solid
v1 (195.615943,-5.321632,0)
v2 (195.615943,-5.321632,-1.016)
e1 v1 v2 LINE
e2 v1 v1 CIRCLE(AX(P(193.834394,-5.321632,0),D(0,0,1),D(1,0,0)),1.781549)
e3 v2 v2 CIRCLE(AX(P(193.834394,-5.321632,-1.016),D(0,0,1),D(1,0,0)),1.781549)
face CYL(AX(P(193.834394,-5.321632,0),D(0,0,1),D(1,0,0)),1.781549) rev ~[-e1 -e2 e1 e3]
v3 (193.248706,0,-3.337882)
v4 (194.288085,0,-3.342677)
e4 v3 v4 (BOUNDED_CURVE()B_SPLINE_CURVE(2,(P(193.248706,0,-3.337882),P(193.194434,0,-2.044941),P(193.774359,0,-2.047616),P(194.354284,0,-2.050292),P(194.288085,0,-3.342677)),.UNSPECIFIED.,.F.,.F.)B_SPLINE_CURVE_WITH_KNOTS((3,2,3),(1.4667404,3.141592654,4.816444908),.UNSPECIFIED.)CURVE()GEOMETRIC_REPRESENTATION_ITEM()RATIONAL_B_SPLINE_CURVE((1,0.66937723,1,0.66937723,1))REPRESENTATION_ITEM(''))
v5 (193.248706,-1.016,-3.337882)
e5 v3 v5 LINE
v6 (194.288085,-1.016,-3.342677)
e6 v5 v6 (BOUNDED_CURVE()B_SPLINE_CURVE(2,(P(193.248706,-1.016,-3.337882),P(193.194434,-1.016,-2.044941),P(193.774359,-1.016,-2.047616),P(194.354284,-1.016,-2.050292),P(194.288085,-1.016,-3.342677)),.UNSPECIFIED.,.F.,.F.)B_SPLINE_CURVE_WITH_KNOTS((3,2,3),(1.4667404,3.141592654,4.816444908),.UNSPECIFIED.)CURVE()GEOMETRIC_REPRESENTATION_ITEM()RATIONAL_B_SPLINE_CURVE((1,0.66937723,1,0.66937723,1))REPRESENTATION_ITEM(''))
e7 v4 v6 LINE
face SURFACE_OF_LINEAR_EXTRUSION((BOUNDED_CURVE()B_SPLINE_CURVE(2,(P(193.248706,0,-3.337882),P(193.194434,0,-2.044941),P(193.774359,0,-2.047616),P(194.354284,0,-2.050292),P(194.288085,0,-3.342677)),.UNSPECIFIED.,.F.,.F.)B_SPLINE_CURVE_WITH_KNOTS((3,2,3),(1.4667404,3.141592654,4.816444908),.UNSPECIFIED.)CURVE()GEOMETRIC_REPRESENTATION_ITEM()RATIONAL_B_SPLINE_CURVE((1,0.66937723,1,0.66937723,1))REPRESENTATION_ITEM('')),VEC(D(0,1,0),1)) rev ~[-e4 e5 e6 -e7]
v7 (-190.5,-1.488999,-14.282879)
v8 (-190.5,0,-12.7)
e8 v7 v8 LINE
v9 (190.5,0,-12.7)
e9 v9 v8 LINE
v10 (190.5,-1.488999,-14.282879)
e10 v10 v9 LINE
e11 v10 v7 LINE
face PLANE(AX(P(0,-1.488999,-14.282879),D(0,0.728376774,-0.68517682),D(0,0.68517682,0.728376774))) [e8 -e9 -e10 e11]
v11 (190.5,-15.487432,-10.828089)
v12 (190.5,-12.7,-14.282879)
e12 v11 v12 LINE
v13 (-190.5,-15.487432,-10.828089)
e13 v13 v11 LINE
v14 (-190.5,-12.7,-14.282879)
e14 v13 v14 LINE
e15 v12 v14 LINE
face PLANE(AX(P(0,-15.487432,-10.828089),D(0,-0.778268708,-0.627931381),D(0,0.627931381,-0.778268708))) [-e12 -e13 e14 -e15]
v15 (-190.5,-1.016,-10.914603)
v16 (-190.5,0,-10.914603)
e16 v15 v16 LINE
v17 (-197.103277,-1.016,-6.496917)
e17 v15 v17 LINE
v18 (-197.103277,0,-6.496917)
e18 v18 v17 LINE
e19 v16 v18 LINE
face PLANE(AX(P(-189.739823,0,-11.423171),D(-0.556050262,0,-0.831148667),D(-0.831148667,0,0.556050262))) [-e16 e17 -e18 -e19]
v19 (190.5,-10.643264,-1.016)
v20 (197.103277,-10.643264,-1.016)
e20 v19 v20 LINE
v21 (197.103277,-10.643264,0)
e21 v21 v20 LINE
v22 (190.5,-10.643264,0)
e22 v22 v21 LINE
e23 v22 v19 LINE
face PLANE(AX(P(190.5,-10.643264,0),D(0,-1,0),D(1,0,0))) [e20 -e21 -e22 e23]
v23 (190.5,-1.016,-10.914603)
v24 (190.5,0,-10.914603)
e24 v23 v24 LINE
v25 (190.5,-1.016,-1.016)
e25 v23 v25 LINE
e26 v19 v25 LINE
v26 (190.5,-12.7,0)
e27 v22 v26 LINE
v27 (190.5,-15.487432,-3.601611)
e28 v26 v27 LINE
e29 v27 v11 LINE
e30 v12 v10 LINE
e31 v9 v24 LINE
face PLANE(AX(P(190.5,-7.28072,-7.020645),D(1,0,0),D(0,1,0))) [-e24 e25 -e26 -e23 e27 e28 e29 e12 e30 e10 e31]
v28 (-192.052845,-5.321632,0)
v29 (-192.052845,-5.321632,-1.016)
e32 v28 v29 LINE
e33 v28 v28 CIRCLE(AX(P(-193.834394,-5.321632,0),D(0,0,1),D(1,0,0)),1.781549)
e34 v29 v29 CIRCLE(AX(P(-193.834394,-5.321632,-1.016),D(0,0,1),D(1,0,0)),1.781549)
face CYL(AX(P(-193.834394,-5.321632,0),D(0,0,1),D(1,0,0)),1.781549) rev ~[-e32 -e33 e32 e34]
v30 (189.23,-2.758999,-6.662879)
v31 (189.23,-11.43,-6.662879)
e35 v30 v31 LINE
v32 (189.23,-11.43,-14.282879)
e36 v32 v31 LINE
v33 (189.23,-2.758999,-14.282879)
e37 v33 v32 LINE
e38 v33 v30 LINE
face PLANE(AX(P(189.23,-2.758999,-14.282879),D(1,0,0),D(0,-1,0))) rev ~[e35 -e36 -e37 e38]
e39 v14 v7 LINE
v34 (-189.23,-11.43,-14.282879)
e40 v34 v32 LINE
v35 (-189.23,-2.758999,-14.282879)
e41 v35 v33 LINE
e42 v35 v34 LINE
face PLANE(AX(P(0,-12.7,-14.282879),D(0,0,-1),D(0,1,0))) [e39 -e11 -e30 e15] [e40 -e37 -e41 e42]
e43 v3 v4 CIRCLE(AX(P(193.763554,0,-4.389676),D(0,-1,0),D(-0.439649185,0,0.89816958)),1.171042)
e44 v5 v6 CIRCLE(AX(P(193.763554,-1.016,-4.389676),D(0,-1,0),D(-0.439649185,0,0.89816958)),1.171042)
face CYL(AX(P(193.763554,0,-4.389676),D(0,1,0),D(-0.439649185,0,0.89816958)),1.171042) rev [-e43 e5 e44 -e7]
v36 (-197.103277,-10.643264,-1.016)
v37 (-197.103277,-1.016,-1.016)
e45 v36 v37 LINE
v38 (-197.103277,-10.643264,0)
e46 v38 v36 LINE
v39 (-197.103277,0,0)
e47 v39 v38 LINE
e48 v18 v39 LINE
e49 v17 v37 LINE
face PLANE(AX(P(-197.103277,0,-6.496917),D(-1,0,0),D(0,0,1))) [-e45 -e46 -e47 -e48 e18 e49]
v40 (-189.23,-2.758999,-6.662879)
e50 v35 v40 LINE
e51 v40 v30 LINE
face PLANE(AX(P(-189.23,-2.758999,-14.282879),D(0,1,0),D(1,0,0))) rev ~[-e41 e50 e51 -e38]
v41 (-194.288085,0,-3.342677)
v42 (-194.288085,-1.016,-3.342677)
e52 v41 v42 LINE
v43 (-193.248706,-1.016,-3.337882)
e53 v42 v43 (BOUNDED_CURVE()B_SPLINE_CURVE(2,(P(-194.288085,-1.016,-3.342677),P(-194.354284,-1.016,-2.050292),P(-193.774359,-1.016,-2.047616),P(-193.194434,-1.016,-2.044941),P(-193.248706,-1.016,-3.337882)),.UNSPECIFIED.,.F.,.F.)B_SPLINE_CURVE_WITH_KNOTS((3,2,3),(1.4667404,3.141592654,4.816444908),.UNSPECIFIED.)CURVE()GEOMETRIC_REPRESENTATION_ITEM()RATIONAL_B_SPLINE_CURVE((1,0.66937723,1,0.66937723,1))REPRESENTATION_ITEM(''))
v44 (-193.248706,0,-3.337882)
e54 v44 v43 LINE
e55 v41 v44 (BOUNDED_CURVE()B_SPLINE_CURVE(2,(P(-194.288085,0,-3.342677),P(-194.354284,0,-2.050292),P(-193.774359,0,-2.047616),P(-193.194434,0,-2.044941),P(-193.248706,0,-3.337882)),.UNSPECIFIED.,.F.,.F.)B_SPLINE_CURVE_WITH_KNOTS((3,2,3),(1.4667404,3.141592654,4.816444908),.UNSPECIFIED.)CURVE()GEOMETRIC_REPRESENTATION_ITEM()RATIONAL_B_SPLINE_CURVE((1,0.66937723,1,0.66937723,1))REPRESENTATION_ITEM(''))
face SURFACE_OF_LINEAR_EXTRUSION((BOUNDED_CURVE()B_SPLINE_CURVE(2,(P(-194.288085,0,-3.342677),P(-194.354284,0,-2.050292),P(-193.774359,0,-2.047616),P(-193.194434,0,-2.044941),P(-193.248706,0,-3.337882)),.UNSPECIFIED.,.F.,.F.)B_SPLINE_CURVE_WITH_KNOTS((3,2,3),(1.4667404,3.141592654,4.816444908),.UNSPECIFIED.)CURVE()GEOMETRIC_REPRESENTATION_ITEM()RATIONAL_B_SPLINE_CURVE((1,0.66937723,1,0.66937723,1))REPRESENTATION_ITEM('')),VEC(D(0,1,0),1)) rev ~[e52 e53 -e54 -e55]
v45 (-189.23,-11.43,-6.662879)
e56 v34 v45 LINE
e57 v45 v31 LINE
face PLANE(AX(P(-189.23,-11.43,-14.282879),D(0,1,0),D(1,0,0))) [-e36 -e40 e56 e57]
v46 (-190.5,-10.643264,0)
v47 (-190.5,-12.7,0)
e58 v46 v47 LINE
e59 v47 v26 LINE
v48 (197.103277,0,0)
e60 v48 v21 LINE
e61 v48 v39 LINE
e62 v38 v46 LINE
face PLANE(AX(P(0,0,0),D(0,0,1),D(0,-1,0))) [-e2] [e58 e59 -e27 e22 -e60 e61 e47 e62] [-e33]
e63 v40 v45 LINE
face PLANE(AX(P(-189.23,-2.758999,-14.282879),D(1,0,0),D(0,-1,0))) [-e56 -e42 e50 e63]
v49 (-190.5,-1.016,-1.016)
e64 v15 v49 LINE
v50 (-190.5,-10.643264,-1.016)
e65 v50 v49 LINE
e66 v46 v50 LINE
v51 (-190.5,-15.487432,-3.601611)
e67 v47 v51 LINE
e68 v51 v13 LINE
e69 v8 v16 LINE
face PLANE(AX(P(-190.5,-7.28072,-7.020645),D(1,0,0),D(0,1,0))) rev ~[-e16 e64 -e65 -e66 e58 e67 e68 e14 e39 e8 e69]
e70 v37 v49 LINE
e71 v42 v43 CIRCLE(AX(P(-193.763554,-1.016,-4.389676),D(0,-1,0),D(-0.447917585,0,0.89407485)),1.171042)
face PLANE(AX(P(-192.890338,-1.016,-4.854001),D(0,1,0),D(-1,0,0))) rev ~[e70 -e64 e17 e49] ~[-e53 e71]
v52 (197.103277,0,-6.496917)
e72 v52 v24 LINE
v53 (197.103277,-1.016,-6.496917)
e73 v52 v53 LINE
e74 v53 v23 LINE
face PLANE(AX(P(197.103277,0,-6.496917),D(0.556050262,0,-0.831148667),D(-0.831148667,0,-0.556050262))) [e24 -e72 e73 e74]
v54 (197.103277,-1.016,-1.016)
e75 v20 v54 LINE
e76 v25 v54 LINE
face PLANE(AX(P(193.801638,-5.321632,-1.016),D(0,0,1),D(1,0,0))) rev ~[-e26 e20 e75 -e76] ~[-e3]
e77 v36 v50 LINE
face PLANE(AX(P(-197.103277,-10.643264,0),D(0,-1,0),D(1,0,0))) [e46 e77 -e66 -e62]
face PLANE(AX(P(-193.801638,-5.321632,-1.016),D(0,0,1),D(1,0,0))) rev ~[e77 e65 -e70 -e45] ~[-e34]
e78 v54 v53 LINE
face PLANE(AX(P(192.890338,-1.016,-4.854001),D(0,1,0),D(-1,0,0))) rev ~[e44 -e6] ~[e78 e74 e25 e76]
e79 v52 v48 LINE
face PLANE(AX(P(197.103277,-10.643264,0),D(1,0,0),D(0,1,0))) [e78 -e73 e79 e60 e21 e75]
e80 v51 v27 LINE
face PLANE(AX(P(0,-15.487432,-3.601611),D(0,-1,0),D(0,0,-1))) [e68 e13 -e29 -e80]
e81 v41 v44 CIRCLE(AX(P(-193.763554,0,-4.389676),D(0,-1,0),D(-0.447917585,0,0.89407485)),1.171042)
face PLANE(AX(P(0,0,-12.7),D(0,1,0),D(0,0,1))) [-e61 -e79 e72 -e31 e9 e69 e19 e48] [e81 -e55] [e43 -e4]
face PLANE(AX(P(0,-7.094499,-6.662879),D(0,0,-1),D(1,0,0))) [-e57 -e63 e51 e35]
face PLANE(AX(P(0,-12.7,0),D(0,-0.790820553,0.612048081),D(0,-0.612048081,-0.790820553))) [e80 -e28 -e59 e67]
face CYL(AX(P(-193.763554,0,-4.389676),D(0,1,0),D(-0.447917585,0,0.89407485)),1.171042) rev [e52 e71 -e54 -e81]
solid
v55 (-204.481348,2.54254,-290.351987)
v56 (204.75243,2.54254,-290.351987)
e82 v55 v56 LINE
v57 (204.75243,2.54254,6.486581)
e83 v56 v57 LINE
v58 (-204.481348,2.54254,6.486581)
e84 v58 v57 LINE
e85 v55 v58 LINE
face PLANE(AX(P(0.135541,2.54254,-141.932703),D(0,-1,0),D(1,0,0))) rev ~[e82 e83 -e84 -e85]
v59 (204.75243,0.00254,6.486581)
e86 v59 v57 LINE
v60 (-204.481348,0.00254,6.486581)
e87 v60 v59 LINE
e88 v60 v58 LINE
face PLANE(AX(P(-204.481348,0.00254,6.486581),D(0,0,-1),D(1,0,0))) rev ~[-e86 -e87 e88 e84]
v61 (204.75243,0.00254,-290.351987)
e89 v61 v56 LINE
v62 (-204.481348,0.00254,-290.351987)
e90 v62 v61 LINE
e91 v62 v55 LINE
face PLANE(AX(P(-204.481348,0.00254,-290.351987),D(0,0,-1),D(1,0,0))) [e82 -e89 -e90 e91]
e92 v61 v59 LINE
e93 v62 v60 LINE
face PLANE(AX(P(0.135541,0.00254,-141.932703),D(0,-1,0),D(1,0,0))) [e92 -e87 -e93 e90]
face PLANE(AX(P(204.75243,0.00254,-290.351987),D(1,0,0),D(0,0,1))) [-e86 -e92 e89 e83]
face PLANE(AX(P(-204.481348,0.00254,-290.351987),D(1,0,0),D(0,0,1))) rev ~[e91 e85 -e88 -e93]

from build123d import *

# Parameters (mm, degrees)
F1_DEPTH  = 190.5
F2_W      = 378.46
F2_H      = 8.671001002
F3_DEPTH  = 7.62
F6_DEPTH  = 1.016
F8_W      = 6.6032768488
F8_H      = 10.6432642788
F8_R      = 1.781548847
F9_DEPTH  = 1.016
F11_W     = 409.2337787151
F11_H     = 296.8385680579
F12_DEPTH = 2.54


with BuildPart() as f1:
    # F0 (on Right) → F1 (new body, symmetric)
    with BuildSketch(Plane.YZ):
        Polygon((0, -12.7), (0, 0), (-12.7, 0), (-15.4874324799, -3.6016106606), (-15.4874324799, -10.8280887524), (-12.7, -14.2828794196), (-1.488998998, -14.2828794196), align=None)
    extrude(amount=F1_DEPTH, both=True)

    # F2 (on face) → F3 (cut)
    with BuildSketch(Plane(origin=(0, 0, -14.2828794196), x_dir=(1, 0, 0), z_dir=(0, 0, -1))):
        with Locations((0, 7.094499499)):
            Rectangle(F2_W, F2_H)
    extrude(amount=-F3_DEPTH, mode=Mode.SUBTRACT)

    # F5 (on face) → F6 (join)
    with BuildSketch(Plane(origin=(0, 0, 0), x_dir=(-1, 0, 0), z_dir=(0, 1, 0))):
        Polygon((-189.7398233414, -11.4231714979), (-189.7398233414, 0), (-197.1032768488, 0), (-197.1032768488, -6.4969165251), align=None)
        with BuildLine():
            ThreePointArc((-193.2487062213, -3.3378815267), (-193.7581516271, -5.5607062907), (-194.2880846195, -3.3426766298))
            add(Edge.make_bspline(
                [(-193.2487062213, -3.3378815267), (-193.194434042, -2.0449407695), (-193.7743590345, -2.0476162149), (-194.3542840271, -2.0502916603), (-194.2880846195, -3.3426766298)],
                knots=[1.4667403996, 1.4667403996, 1.4667403996, 3.1415926536, 3.1415926536, 4.8164449075, 4.8164449075, 4.8164449075], degree=2, weights=[1, 0.6693772297, 1, 0.6693772297, 1]))
        make_face(mode=Mode.SUBTRACT)
        Polygon((189.7398233414, 0), (189.7398233414, -11.4231714979), (197.1032768488, -6.4969165251), (197.1032768488, 0), align=None)
        with BuildLine():
            add(Edge.make_bspline(
                [(194.2880846195, -3.3426766298), (194.3542840271, -2.0502916603), (193.7743590345, -2.0476162149), (193.194434042, -2.0449407695), (193.2487062213, -3.3378815267)],
                knots=[1.4667403996, 1.4667403996, 1.4667403996, 3.1415926536, 3.1415926536, 4.8164449075, 4.8164449075, 4.8164449075], degree=2, weights=[1, 0.6693772297, 1, 0.6693772297, 1]))
            ThreePointArc((194.2880846195, -3.3426766298), (193.7581516271, -5.5607062907), (193.2487062213, -3.3378815267))
        make_face(mode=Mode.SUBTRACT)
    extrude(amount=-F6_DEPTH)

    # F8 (on face) → F9 (join)
    with BuildSketch(Plane.XY):
        with Locations((193.8016384244, -5.3216321394)):
            Rectangle(F8_W, F8_H)
        with Locations((193.8343942165, -5.3216321394)):
            Circle(F8_R, mode=Mode.SUBTRACT)
        with Locations((-193.8016384244, -5.3216321394)):
            Rectangle(F8_W, F8_H)
        with Locations((-193.8343942165, -5.3216321394)):
            Circle(F8_R, mode=Mode.SUBTRACT)
    extrude(amount=-F9_DEPTH)


with BuildPart() as f12:
    # F11 (on offset) → F12 (new body)
    with BuildSketch(Plane.XZ.offset(-0.00254)):
        with Locations((0.1355409622, -141.9327028561)):
            Rectangle(F11_W, F11_H)
    extrude(amount=-F12_DEPTH)


solid = Compound([f1.part, f12.part])
